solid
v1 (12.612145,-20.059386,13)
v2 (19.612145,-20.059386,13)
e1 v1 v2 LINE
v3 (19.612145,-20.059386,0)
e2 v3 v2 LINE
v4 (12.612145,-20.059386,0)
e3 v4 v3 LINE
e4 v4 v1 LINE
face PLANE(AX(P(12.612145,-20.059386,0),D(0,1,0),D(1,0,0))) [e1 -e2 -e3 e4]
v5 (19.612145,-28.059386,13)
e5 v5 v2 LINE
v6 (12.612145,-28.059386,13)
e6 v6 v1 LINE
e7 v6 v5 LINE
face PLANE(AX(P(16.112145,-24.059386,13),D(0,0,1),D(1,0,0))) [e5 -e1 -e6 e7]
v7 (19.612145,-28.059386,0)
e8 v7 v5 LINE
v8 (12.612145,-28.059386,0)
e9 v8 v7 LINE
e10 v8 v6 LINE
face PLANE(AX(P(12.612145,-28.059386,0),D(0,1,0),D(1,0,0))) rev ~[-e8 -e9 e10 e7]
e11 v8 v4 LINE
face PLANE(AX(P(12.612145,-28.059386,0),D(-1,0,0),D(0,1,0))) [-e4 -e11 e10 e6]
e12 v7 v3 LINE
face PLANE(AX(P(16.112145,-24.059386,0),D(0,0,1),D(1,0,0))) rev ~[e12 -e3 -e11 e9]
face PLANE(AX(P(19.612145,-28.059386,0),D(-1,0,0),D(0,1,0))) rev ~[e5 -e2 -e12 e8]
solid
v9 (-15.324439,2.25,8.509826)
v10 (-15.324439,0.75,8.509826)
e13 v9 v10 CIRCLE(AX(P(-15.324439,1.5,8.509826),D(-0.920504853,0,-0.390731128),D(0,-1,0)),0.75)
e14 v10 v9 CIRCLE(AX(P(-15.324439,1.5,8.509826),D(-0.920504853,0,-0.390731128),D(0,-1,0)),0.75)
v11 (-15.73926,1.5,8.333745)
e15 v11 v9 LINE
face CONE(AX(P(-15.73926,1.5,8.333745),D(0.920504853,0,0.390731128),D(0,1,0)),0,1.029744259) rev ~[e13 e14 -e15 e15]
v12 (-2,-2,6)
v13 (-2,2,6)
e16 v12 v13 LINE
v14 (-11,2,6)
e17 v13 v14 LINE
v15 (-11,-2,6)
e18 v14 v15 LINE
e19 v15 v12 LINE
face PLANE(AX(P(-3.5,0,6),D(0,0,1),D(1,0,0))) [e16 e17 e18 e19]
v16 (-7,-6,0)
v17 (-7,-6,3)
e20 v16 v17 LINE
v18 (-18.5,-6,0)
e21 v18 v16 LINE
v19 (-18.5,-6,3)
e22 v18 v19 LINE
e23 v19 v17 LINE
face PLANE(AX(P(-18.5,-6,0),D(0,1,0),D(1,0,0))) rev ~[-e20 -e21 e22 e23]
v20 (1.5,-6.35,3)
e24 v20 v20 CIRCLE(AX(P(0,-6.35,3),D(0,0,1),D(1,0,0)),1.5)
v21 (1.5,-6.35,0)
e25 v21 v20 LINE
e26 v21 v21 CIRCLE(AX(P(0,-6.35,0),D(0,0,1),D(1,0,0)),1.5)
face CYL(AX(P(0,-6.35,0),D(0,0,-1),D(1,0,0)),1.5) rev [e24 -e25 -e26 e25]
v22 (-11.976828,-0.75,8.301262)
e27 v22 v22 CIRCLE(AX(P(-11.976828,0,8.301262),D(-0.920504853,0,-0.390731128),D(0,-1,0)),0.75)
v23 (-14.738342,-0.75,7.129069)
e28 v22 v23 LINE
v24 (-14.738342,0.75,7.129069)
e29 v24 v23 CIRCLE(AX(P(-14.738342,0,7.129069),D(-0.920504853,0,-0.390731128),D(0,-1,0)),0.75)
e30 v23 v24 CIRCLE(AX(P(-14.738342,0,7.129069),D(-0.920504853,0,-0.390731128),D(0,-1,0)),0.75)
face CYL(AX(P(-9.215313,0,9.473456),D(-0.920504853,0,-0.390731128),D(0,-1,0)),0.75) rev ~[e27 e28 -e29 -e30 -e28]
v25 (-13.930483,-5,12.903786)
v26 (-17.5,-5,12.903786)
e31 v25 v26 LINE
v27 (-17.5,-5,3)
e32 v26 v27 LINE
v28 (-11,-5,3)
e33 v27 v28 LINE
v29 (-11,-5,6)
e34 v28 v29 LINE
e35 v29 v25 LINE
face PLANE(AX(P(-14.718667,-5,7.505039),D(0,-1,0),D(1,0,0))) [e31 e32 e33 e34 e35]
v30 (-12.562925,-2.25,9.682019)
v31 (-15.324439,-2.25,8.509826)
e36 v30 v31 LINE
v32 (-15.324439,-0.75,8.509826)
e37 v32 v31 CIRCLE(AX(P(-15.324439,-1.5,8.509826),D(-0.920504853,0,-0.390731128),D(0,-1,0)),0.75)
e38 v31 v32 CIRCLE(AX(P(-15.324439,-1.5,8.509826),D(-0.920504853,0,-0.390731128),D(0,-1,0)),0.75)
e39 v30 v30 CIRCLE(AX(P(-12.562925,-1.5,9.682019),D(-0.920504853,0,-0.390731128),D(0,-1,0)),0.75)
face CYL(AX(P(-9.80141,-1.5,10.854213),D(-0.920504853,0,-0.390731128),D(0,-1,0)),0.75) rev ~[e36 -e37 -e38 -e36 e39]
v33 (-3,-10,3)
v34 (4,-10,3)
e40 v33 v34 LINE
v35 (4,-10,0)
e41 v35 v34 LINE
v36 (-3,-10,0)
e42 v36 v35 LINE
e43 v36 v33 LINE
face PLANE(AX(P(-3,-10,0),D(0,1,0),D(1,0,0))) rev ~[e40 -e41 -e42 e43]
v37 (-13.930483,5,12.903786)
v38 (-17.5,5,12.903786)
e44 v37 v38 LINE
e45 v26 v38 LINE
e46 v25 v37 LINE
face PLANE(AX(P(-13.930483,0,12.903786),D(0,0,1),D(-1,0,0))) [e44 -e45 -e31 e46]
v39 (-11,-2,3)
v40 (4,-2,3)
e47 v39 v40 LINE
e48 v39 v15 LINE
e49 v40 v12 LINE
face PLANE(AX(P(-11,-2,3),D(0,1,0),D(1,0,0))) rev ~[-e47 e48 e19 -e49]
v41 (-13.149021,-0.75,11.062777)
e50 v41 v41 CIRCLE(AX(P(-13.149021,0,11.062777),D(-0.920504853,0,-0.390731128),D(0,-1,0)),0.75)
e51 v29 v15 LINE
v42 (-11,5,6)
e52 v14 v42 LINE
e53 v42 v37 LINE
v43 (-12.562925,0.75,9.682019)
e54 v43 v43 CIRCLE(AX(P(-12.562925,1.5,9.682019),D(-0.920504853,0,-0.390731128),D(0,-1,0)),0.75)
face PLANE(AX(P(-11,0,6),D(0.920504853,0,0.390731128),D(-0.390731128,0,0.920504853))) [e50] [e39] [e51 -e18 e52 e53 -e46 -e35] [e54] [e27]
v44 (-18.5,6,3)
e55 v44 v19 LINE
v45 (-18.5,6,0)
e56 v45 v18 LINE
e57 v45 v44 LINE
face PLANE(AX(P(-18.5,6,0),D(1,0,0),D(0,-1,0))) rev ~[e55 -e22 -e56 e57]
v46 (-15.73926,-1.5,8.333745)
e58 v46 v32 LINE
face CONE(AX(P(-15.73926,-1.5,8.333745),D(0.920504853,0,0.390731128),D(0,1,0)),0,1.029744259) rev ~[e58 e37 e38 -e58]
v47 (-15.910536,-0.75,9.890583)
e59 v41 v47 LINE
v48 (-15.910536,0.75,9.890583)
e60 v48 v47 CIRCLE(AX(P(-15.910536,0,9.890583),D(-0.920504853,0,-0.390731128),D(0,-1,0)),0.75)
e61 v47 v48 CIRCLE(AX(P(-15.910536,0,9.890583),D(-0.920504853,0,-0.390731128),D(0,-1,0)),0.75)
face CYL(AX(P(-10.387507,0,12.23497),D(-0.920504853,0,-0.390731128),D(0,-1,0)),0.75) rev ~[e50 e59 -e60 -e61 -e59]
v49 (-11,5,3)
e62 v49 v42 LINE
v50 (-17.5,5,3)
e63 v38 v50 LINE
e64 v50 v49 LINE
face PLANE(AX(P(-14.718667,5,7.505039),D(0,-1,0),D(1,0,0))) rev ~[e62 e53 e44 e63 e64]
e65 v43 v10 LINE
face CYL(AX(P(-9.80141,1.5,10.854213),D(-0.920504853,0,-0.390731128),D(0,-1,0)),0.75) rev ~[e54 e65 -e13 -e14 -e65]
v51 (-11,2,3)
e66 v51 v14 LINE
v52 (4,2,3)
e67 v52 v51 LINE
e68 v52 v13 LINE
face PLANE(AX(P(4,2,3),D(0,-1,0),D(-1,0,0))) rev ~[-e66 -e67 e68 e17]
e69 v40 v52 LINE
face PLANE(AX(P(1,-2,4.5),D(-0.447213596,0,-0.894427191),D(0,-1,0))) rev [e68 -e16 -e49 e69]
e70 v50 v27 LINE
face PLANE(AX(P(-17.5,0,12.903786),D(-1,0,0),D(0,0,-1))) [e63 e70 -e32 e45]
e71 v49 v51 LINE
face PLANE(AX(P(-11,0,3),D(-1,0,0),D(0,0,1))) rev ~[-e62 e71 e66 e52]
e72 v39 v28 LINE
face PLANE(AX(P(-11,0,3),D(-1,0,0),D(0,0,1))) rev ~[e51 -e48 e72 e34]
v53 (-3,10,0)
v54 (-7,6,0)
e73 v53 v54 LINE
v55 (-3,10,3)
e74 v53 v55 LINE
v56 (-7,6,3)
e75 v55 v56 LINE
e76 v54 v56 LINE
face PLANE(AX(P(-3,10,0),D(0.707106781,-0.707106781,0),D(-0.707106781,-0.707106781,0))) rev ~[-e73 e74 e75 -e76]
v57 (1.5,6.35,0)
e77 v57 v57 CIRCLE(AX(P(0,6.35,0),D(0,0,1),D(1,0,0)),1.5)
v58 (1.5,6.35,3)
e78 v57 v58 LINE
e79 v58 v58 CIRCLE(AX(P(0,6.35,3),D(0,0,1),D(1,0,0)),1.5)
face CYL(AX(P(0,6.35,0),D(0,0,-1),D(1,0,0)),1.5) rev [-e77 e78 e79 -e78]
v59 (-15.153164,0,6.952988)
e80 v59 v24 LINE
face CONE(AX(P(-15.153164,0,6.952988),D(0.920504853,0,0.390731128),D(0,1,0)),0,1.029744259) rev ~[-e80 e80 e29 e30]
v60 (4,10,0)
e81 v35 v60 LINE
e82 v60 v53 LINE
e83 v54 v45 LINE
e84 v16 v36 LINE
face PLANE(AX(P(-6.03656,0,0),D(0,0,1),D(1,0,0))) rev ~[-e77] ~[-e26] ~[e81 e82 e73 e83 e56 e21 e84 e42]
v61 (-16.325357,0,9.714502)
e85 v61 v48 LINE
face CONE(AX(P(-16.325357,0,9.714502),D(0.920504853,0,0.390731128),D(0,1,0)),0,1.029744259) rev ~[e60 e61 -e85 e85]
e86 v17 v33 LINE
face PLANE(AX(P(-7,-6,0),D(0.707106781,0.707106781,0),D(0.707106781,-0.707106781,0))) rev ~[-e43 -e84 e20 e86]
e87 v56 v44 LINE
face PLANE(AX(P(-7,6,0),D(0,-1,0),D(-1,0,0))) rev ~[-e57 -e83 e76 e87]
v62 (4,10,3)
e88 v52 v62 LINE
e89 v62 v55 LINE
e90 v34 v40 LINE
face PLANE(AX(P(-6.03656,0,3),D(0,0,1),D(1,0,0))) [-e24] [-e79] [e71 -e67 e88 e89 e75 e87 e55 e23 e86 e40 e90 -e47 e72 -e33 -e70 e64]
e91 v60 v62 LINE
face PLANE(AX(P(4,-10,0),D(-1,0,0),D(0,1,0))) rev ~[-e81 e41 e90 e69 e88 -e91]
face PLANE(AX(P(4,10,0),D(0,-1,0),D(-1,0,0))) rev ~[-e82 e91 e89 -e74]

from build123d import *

# Parameters (mm, degrees)
F0_R          = 1.5
F1_DEPTH      = 3
F3_DEPTH      = 5
F3_DEPTH_BACK = 5
F5_D          = 1.5
F5_DEPTH      = 3
F5_TIP        = 0.4506454643
F7_DEPTH      = 3
F8_SIZE2      = 6
F8_SIZE       = 3
F0_W          = 7
F0_H          = 8
F9_DEPTH      = 13


with BuildPart() as f1:
    # F0 (on Top) → F1 (new body)
    with BuildSketch(Plane.XY):
        Polygon((4, -10), (4, 0), (4, 10), (-3, 10), (-7, 6), (-18.5, 6), (-18.5, 0), (-18.5, -6), (-7, -6), (-3, -10), align=None)
        with Locations((0, -6.35)):
            Circle(F0_R, mode=Mode.SUBTRACT)
        with Locations((0, 6.35)):
            Circle(F0_R, mode=Mode.SUBTRACT)
    extrude(amount=F1_DEPTH)

    # F2 (on Front) → F3 (join, two sides)
    with BuildSketch(Plane.XZ) as f3_sk:
        Polygon((-17.5, 12.9037864009), (-17.5, 3), (-11, 3), (-11, 6), (-13.9304834637, 12.9037864009), align=None)
    extrude(amount=F3_DEPTH)
    extrude(f3_sk.sketch, amount=-F3_DEPTH_BACK)

    # F5
    with Locations(Plane(origin=(-7.1626016365, 0, -3.0403440132), x_dir=(0, 1, 0), z_dir=(0.9205048535, 0, 0.3907311285))):
        with Locations((0, 15.3210715341), (1.5, 13.8210715341), (0, 12.3210715341), (-1.5, 13.8210715341)):
            Hole(F5_D / 2, depth=F5_DEPTH)
            with Locations((0, 0, -(F5_DEPTH + F5_TIP / 2))):  # 118° drill point
                Cone(0, F5_D / 2, F5_TIP, mode=Mode.SUBTRACT)

    # F6 (on face) → F7 (join)
    with BuildSketch(Plane.XY.offset(3)):
        Polygon((4, -2), (4, 2), (-4, 2), (-11, 2), (-11, -2), (-4, -2), align=None)
    extrude(amount=F7_DEPTH)

    # F8
    f8_edges = [f1.edges().sort_by_distance(p)[0] for p in [
        (4, 0, 6),
    ]]
    f8_side = f1.faces().sort_by_distance((4, 0, 2))[0]
    chamfer(f8_edges, length=F8_SIZE, length2=F8_SIZE2, reference=f8_side)


with BuildPart() as f9:
    # F0 (on Top) → F9 (new body)
    with BuildSketch(Plane.XY):
        with Locations((16.1121446267, -24.0593857169)):
            Rectangle(F0_W, F0_H)
    extrude(amount=F9_DEPTH)


solid = Compound([f1.part, f9.part])
